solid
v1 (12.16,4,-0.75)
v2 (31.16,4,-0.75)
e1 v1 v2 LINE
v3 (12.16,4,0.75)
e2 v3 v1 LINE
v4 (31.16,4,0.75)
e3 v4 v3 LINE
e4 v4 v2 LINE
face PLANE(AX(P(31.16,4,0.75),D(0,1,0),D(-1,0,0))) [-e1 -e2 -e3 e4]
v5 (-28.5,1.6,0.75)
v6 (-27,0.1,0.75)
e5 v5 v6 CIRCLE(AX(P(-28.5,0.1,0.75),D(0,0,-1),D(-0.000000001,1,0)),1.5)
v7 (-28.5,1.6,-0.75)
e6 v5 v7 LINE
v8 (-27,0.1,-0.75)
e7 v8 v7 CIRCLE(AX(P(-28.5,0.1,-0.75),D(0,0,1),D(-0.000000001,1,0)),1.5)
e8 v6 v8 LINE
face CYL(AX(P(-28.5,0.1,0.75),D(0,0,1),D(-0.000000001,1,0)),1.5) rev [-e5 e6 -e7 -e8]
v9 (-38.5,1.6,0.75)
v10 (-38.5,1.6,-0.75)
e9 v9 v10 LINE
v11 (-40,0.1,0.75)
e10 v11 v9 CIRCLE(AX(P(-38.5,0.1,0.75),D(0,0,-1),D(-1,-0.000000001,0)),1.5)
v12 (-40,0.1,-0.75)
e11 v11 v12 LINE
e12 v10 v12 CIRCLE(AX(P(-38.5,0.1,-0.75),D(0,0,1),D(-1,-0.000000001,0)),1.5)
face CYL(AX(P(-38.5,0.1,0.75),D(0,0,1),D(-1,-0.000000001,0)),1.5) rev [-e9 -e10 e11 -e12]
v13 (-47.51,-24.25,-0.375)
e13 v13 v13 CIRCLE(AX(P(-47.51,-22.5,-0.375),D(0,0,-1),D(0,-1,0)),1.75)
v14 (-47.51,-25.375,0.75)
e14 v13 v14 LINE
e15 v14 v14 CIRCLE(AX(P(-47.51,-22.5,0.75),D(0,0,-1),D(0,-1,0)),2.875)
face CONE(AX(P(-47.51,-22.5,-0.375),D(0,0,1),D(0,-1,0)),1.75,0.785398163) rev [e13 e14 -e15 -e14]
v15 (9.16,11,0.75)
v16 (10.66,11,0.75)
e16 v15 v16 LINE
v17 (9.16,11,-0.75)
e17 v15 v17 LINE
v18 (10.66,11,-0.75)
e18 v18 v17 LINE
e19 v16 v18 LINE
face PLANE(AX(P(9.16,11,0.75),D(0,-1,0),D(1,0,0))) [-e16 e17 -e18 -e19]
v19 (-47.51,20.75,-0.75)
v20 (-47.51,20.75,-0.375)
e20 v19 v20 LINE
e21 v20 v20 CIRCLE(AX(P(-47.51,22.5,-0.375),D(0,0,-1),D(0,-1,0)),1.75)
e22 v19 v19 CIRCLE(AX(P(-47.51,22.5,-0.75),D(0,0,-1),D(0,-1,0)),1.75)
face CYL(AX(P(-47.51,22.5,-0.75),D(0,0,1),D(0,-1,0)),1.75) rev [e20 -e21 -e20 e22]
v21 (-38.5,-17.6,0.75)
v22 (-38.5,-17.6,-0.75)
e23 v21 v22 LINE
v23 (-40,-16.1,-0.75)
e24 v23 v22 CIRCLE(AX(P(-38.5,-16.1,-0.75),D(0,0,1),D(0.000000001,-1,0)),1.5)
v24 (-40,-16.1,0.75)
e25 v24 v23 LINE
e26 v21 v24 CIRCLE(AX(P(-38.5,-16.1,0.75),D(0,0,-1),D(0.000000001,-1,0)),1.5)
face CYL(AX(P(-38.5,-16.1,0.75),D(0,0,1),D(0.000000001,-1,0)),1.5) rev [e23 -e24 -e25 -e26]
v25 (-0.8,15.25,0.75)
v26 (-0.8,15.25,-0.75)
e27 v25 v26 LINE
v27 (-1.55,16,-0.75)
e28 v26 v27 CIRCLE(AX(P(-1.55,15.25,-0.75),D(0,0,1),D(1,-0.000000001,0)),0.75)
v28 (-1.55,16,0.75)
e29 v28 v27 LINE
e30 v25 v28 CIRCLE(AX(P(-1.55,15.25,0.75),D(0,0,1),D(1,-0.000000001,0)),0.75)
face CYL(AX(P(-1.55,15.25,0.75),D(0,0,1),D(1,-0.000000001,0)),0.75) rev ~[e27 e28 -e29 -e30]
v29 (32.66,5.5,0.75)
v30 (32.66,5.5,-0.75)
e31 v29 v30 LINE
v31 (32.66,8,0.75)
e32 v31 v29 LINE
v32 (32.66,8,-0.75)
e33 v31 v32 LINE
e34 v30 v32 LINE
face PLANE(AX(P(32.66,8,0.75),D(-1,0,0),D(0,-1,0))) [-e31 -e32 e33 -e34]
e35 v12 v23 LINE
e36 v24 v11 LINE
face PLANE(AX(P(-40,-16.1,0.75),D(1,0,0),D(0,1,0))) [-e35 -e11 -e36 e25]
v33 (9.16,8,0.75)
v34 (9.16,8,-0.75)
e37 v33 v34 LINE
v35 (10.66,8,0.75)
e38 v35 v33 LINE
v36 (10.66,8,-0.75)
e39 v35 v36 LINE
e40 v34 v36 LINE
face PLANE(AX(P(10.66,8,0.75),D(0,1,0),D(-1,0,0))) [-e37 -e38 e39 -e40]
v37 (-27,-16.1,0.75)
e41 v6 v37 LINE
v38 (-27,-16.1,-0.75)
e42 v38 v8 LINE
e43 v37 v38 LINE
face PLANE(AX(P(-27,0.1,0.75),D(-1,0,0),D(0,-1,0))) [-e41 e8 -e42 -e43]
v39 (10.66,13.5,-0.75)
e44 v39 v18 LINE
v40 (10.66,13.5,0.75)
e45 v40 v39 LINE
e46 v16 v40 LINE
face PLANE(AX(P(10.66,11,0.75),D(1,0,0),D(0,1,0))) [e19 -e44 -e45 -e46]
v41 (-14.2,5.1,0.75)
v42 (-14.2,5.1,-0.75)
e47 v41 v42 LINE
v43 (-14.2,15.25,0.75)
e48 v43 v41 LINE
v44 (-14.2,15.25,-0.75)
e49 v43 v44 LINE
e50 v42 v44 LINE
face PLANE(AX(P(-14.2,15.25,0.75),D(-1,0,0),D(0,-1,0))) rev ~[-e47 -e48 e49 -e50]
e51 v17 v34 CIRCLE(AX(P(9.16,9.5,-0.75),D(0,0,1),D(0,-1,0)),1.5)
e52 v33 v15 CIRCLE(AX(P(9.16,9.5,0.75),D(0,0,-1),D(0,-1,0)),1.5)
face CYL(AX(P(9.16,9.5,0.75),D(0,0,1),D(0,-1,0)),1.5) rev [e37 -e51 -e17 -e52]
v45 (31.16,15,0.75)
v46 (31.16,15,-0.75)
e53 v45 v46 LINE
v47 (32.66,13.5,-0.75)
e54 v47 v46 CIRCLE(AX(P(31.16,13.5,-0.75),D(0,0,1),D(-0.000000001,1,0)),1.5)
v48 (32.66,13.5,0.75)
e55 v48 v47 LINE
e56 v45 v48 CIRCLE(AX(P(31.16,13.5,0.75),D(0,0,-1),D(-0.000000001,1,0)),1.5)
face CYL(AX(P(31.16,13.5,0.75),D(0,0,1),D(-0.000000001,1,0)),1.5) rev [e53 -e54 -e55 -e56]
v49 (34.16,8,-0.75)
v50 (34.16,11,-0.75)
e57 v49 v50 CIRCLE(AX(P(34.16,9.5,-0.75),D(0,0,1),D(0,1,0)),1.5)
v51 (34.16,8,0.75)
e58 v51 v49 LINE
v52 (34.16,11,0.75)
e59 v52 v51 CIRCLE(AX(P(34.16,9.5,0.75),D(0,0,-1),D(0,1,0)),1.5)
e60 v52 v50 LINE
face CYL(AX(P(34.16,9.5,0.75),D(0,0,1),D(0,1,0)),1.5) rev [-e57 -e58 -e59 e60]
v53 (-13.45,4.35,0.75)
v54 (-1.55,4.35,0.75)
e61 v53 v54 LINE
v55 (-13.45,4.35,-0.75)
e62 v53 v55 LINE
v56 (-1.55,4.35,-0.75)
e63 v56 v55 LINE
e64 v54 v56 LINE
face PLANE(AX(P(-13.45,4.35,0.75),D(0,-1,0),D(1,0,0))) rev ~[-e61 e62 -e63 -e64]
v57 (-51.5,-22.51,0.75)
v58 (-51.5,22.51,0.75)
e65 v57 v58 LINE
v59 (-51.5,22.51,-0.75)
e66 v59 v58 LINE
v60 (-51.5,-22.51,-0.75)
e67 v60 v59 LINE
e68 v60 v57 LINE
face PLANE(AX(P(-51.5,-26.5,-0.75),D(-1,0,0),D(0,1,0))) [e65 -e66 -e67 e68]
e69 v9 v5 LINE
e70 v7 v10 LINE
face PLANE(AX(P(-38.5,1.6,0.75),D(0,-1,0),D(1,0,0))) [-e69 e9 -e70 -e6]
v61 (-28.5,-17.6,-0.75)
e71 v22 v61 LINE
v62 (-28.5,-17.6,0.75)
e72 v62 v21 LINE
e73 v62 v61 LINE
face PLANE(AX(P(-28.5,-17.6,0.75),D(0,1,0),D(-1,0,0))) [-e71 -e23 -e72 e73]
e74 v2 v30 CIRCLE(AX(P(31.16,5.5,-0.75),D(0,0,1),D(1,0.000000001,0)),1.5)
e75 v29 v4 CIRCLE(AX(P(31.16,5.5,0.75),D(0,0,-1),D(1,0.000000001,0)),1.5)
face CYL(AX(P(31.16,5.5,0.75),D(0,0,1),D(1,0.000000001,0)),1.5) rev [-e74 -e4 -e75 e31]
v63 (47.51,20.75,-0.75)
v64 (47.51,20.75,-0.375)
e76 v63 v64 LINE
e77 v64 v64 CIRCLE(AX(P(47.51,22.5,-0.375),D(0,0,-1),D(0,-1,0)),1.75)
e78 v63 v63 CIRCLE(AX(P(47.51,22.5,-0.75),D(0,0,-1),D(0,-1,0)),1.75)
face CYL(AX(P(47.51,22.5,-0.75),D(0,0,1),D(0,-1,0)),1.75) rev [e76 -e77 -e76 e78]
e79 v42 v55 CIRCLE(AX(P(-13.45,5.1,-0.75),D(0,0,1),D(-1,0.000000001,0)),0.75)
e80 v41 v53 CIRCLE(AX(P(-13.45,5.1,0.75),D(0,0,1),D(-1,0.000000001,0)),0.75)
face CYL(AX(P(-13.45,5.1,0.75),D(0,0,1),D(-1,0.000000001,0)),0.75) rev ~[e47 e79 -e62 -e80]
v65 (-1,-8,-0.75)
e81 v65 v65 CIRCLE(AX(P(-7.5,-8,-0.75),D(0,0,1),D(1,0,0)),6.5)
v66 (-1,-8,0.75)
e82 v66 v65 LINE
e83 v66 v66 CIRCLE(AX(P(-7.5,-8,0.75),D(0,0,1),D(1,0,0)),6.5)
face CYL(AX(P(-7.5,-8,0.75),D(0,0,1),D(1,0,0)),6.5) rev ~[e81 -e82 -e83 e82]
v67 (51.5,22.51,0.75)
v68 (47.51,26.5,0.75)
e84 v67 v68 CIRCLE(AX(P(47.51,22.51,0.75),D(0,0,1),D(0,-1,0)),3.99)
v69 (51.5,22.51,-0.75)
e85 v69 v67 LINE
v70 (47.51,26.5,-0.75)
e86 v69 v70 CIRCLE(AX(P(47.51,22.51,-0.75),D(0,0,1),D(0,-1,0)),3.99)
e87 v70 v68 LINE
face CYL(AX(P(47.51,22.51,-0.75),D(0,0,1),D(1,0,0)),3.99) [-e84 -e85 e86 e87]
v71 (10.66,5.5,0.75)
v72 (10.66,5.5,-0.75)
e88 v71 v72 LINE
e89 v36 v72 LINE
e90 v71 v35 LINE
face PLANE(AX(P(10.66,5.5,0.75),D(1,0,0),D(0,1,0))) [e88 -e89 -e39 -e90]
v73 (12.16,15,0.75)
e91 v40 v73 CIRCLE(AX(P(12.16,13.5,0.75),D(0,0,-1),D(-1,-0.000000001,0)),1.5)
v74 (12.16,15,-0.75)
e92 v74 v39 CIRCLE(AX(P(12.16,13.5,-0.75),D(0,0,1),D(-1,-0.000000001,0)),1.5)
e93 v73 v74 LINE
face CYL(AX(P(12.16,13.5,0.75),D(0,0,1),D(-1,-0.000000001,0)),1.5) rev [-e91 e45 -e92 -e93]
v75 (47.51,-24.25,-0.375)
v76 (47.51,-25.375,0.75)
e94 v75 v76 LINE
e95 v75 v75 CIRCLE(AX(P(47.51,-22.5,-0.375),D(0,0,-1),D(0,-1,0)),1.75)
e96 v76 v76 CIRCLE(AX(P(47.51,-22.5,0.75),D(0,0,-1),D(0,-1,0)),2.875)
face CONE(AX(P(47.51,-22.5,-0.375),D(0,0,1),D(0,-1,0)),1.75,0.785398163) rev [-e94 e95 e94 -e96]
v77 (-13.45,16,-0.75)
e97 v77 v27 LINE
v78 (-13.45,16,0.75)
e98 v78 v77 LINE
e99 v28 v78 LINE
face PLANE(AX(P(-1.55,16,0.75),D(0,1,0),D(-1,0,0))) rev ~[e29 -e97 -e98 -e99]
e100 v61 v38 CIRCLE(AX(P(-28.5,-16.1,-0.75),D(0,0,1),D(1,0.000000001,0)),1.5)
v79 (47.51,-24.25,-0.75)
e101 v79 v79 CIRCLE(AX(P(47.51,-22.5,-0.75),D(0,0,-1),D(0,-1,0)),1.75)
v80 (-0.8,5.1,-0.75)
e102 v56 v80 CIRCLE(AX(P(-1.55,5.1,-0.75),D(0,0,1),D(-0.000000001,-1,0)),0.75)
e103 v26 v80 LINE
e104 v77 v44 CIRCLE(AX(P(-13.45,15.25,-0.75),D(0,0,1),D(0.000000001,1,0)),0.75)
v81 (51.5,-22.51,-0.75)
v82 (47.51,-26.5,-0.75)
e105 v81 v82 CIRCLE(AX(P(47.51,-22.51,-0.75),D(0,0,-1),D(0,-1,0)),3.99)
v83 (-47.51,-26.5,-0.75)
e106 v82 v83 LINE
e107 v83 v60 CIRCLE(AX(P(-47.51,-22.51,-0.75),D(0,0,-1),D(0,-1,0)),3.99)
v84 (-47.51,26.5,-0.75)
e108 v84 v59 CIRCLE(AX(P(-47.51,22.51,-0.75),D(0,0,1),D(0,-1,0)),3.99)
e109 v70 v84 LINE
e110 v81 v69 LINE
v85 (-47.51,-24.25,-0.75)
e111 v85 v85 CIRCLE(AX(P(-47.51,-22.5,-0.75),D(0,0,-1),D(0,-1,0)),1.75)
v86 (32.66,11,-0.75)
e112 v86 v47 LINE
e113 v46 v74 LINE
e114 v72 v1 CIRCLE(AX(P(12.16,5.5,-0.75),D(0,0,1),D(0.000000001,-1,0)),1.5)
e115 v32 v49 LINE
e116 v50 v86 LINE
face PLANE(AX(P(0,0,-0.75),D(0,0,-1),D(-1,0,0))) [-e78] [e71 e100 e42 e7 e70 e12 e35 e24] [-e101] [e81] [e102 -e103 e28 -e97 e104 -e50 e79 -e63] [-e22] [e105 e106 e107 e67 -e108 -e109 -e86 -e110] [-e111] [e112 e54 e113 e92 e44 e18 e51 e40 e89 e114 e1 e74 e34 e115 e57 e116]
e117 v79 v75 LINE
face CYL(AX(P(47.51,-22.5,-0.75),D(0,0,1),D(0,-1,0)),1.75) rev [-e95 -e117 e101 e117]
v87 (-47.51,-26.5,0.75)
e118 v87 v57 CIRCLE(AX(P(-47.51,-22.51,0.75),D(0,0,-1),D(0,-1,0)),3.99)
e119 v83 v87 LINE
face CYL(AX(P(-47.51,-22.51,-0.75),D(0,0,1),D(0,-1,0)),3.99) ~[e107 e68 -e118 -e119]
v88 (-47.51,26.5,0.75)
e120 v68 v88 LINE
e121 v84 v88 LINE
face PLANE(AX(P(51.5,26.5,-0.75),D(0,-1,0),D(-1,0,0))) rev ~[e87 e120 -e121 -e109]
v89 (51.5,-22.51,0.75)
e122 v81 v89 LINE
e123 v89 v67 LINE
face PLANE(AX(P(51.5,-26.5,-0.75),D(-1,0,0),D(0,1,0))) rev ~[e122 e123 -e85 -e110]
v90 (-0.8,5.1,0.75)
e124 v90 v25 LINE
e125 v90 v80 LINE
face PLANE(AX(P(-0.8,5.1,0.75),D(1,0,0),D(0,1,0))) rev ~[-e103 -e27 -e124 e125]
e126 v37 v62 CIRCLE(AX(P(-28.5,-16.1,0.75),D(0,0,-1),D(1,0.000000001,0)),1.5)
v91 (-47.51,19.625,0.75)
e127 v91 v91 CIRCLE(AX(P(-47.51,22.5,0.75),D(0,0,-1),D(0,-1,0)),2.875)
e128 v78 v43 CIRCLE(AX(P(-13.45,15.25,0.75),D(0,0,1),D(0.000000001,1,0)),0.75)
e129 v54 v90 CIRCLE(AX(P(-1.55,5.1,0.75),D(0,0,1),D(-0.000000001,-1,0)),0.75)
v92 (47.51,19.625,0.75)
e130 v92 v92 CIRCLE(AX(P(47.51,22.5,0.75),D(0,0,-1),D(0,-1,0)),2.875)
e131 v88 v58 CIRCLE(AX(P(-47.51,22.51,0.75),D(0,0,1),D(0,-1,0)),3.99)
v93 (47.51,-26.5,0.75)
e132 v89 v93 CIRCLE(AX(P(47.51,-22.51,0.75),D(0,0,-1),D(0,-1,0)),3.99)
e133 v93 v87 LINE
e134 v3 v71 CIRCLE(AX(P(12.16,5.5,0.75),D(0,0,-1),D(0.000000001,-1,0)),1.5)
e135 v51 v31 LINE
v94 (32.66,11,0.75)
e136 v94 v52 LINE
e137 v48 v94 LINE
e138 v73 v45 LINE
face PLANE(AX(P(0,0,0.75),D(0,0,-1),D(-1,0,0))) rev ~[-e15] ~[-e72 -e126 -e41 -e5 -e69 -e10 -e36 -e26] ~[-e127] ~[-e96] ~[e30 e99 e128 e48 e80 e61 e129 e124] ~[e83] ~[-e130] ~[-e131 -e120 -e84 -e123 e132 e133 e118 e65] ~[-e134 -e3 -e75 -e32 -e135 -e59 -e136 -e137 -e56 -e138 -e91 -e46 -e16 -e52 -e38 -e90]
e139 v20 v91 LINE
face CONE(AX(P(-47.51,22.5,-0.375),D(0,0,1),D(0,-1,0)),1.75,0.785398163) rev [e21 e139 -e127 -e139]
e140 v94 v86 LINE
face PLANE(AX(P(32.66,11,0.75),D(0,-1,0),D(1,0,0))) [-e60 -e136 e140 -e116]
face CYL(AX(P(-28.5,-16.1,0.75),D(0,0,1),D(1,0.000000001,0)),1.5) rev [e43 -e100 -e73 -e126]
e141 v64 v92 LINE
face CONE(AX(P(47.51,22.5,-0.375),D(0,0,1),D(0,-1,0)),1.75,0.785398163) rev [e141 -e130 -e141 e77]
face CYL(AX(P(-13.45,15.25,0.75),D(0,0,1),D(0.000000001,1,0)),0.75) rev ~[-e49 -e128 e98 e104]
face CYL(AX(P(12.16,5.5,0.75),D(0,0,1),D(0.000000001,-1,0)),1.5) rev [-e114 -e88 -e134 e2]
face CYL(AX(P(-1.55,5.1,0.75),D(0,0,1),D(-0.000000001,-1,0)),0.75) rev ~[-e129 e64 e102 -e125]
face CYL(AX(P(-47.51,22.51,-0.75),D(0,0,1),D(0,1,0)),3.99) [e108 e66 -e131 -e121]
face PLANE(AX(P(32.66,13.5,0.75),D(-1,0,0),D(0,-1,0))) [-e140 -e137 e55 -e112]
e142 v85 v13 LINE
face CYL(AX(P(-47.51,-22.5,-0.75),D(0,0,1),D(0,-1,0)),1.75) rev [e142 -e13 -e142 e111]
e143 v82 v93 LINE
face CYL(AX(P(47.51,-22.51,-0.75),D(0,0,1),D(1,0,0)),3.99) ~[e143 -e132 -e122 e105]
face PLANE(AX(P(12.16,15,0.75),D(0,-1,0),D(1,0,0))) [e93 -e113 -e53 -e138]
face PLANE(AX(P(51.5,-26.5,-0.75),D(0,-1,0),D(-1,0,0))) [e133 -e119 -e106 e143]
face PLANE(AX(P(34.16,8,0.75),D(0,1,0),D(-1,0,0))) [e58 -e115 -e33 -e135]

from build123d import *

# Parameters (mm, degrees)
ESQUISSE1_W                                 = 103
ESQUISSE1_H                                 = 53
BOSS_EXTRU_1_DEPTH                          = 1.5
FRAISAGE_POUR_VIS_T_TE_FRAIS_E_M31_AT_COUNT = 2
FRAISAGE_POUR_VIS_T_TE_FRAIS_E_M31_AT_PITCH = 95.02
FRAISAGE_POUR_VIS_T_TE_FRAIS_E_M31_2_COUNT  = 2
FRAISAGE_POUR_VIS_T_TE_FRAIS_E_M31_2_PITCH  = 105.137055314
FRAISAGE_POUR_VIS_T_TE_FRAIS_E_M31_3_COUNT  = 2
FRAISAGE_POUR_VIS_T_TE_FRAIS_E_M31_3_PITCH  = 45
CONG_1_R                                    = 3.99
ESQUISSE5_R                                 = 6.5
ENL_V_MAT_EXTRU_1_DEPTH                     = 2.5


with BuildPart() as part:
    # Esquisse1 → Boss.-Extru.1 (new body)
    with BuildSketch(Plane(origin=(0, 0, -0.75), x_dir=(-1, 0, 0), z_dir=(0, 0, -1))):
        Rectangle(ESQUISSE1_W, ESQUISSE1_H)
    extrude(amount=-BOSS_EXTRU_1_DEPTH)

    # Esquisse2 → Fraisage pour vis à tête fraisée M31 (revolve, cut)
    with BuildSketch(Plane(origin=(-47.51, 22.5, 0.75), x_dir=(0, -1, 0), z_dir=(1, 0, 0))):
        Polygon((0, 0), (0, 1.5), (1.75, 1.5), (1.75, 1.125), (2.875, 0), align=None)
    fraisage_pour_vis_t_te_frais_e_m31 = revolve(axis=Axis((-47.51, 22.5, 7.1), (0, 0, -1)), mode=Mode.SUBTRACT)

    # Fraisage pour vis à tête fraisée M31 at: Fraisage pour vis à tête fraisée M31 ×2
    with Locations(*[(i * FRAISAGE_POUR_VIS_T_TE_FRAIS_E_M31_AT_PITCH, 0, 0) for i in range(1, FRAISAGE_POUR_VIS_T_TE_FRAIS_E_M31_AT_COUNT)]):
        add(fraisage_pour_vis_t_te_frais_e_m31, mode=Mode.SUBTRACT)

    # Fraisage pour vis _ t_te frais_e M31 2: Fraisage pour vis à tête fraisée M31 ×2
    with Locations(*[Vector(0.903772697, -0.428012748, 0) * (i * FRAISAGE_POUR_VIS_T_TE_FRAIS_E_M31_2_PITCH) for i in range(1, FRAISAGE_POUR_VIS_T_TE_FRAIS_E_M31_2_COUNT)]):
        add(fraisage_pour_vis_t_te_frais_e_m31, mode=Mode.SUBTRACT)

    # Fraisage pour vis _ t_te frais_e M31 3: Fraisage pour vis à tête fraisée M31 ×2
    with Locations(*[(0, -i * FRAISAGE_POUR_VIS_T_TE_FRAIS_E_M31_3_PITCH, 0) for i in range(1, FRAISAGE_POUR_VIS_T_TE_FRAIS_E_M31_3_COUNT)]):
        add(fraisage_pour_vis_t_te_frais_e_m31, mode=Mode.SUBTRACT)

    # Congé1
    cong_1_edges = [part.edges().sort_by_distance(p)[0] for p in [
        (51.5, 26.5, 0),
        (-51.5, 26.5, 0),
        (-51.5, -26.5, 0),
        (51.5, -26.5, 0),
    ]]
    fillet(cong_1_edges, radius=CONG_1_R)

    # Esquisse5 → Enlèv. mat.-Extru.1 (cut, through all)
    with BuildSketch(Plane.XY.offset(0.75)):
        with Locations((-7.5, -8)):
            Circle(ESQUISSE5_R)
        with BuildLine():
            Line((-28.5, -17.6), (-38.5, -17.6))
            ThreePointArc((-38.5, -17.6), (-39.560660172, -17.160660172), (-40, -16.1))
            Line((-40, -16.1), (-40, 0.1))
            ThreePointArc((-40, 0.1), (-39.560660172, 1.160660172), (-38.5, 1.6))
            Line((-38.5, 1.6), (-28.5, 1.6))
            ThreePointArc((-28.5, 1.6), (-27.439339828, 1.160660172), (-27, 0.1))
            Line((-27, 0.1), (-27, -16.1))
            ThreePointArc((-27, -16.1), (-27.439339828, -17.160660172), (-28.5, -17.6))
        make_face()
        with BuildLine():
            Line((31.16, 4), (12.16, 4))
            ThreePointArc((12.16, 4), (11.099339828, 4.439339828), (10.66, 5.5))
            Line((10.66, 5.5), (10.66, 8))
            Line((10.66, 8), (9.16, 8))
            ThreePointArc((9.16, 8), (7.66, 9.5), (9.16, 11))
            Line((9.16, 11), (10.66, 11))
            Line((10.66, 11), (10.66, 13.5))
            ThreePointArc((10.66, 13.5), (11.099339828, 14.560660172), (12.16, 15))
            Line((12.16, 15), (31.16, 15))
            ThreePointArc((31.16, 15), (32.220660172, 14.560660172), (32.66, 13.5))
            Line((32.66, 13.5), (32.66, 11))
            Line((32.66, 11), (34.16, 11))
            ThreePointArc((34.16, 11), (35.66, 9.5), (34.16, 8))
            Line((34.16, 8), (32.66, 8))
            Line((32.66, 8), (32.66, 5.5))
            ThreePointArc((32.66, 5.5), (32.220660172, 4.439339828), (31.16, 4))
        make_face()
        with BuildLine():
            Line((-13.45, 4.35), (-1.55, 4.35))
            ThreePointArc((-1.55, 4.35), (-1.019669914, 4.569669914), (-0.8, 5.1))
            Line((-0.8, 5.1), (-0.8, 15.25))
            ThreePointArc((-0.8, 15.25), (-1.019669914, 15.780330086), (-1.55, 16))
            Line((-1.55, 16), (-13.45, 16))
            ThreePointArc((-13.45, 16), (-13.980330086, 15.780330086), (-14.2, 15.25))
            Line((-14.2, 15.25), (-14.2, 5.1))
            ThreePointArc((-14.2, 5.1), (-13.980330086, 4.569669914), (-13.45, 4.35))
        make_face()
    extrude(amount=-ENL_V_MAT_EXTRU_1_DEPTH, mode=Mode.SUBTRACT)


solid = part.part
